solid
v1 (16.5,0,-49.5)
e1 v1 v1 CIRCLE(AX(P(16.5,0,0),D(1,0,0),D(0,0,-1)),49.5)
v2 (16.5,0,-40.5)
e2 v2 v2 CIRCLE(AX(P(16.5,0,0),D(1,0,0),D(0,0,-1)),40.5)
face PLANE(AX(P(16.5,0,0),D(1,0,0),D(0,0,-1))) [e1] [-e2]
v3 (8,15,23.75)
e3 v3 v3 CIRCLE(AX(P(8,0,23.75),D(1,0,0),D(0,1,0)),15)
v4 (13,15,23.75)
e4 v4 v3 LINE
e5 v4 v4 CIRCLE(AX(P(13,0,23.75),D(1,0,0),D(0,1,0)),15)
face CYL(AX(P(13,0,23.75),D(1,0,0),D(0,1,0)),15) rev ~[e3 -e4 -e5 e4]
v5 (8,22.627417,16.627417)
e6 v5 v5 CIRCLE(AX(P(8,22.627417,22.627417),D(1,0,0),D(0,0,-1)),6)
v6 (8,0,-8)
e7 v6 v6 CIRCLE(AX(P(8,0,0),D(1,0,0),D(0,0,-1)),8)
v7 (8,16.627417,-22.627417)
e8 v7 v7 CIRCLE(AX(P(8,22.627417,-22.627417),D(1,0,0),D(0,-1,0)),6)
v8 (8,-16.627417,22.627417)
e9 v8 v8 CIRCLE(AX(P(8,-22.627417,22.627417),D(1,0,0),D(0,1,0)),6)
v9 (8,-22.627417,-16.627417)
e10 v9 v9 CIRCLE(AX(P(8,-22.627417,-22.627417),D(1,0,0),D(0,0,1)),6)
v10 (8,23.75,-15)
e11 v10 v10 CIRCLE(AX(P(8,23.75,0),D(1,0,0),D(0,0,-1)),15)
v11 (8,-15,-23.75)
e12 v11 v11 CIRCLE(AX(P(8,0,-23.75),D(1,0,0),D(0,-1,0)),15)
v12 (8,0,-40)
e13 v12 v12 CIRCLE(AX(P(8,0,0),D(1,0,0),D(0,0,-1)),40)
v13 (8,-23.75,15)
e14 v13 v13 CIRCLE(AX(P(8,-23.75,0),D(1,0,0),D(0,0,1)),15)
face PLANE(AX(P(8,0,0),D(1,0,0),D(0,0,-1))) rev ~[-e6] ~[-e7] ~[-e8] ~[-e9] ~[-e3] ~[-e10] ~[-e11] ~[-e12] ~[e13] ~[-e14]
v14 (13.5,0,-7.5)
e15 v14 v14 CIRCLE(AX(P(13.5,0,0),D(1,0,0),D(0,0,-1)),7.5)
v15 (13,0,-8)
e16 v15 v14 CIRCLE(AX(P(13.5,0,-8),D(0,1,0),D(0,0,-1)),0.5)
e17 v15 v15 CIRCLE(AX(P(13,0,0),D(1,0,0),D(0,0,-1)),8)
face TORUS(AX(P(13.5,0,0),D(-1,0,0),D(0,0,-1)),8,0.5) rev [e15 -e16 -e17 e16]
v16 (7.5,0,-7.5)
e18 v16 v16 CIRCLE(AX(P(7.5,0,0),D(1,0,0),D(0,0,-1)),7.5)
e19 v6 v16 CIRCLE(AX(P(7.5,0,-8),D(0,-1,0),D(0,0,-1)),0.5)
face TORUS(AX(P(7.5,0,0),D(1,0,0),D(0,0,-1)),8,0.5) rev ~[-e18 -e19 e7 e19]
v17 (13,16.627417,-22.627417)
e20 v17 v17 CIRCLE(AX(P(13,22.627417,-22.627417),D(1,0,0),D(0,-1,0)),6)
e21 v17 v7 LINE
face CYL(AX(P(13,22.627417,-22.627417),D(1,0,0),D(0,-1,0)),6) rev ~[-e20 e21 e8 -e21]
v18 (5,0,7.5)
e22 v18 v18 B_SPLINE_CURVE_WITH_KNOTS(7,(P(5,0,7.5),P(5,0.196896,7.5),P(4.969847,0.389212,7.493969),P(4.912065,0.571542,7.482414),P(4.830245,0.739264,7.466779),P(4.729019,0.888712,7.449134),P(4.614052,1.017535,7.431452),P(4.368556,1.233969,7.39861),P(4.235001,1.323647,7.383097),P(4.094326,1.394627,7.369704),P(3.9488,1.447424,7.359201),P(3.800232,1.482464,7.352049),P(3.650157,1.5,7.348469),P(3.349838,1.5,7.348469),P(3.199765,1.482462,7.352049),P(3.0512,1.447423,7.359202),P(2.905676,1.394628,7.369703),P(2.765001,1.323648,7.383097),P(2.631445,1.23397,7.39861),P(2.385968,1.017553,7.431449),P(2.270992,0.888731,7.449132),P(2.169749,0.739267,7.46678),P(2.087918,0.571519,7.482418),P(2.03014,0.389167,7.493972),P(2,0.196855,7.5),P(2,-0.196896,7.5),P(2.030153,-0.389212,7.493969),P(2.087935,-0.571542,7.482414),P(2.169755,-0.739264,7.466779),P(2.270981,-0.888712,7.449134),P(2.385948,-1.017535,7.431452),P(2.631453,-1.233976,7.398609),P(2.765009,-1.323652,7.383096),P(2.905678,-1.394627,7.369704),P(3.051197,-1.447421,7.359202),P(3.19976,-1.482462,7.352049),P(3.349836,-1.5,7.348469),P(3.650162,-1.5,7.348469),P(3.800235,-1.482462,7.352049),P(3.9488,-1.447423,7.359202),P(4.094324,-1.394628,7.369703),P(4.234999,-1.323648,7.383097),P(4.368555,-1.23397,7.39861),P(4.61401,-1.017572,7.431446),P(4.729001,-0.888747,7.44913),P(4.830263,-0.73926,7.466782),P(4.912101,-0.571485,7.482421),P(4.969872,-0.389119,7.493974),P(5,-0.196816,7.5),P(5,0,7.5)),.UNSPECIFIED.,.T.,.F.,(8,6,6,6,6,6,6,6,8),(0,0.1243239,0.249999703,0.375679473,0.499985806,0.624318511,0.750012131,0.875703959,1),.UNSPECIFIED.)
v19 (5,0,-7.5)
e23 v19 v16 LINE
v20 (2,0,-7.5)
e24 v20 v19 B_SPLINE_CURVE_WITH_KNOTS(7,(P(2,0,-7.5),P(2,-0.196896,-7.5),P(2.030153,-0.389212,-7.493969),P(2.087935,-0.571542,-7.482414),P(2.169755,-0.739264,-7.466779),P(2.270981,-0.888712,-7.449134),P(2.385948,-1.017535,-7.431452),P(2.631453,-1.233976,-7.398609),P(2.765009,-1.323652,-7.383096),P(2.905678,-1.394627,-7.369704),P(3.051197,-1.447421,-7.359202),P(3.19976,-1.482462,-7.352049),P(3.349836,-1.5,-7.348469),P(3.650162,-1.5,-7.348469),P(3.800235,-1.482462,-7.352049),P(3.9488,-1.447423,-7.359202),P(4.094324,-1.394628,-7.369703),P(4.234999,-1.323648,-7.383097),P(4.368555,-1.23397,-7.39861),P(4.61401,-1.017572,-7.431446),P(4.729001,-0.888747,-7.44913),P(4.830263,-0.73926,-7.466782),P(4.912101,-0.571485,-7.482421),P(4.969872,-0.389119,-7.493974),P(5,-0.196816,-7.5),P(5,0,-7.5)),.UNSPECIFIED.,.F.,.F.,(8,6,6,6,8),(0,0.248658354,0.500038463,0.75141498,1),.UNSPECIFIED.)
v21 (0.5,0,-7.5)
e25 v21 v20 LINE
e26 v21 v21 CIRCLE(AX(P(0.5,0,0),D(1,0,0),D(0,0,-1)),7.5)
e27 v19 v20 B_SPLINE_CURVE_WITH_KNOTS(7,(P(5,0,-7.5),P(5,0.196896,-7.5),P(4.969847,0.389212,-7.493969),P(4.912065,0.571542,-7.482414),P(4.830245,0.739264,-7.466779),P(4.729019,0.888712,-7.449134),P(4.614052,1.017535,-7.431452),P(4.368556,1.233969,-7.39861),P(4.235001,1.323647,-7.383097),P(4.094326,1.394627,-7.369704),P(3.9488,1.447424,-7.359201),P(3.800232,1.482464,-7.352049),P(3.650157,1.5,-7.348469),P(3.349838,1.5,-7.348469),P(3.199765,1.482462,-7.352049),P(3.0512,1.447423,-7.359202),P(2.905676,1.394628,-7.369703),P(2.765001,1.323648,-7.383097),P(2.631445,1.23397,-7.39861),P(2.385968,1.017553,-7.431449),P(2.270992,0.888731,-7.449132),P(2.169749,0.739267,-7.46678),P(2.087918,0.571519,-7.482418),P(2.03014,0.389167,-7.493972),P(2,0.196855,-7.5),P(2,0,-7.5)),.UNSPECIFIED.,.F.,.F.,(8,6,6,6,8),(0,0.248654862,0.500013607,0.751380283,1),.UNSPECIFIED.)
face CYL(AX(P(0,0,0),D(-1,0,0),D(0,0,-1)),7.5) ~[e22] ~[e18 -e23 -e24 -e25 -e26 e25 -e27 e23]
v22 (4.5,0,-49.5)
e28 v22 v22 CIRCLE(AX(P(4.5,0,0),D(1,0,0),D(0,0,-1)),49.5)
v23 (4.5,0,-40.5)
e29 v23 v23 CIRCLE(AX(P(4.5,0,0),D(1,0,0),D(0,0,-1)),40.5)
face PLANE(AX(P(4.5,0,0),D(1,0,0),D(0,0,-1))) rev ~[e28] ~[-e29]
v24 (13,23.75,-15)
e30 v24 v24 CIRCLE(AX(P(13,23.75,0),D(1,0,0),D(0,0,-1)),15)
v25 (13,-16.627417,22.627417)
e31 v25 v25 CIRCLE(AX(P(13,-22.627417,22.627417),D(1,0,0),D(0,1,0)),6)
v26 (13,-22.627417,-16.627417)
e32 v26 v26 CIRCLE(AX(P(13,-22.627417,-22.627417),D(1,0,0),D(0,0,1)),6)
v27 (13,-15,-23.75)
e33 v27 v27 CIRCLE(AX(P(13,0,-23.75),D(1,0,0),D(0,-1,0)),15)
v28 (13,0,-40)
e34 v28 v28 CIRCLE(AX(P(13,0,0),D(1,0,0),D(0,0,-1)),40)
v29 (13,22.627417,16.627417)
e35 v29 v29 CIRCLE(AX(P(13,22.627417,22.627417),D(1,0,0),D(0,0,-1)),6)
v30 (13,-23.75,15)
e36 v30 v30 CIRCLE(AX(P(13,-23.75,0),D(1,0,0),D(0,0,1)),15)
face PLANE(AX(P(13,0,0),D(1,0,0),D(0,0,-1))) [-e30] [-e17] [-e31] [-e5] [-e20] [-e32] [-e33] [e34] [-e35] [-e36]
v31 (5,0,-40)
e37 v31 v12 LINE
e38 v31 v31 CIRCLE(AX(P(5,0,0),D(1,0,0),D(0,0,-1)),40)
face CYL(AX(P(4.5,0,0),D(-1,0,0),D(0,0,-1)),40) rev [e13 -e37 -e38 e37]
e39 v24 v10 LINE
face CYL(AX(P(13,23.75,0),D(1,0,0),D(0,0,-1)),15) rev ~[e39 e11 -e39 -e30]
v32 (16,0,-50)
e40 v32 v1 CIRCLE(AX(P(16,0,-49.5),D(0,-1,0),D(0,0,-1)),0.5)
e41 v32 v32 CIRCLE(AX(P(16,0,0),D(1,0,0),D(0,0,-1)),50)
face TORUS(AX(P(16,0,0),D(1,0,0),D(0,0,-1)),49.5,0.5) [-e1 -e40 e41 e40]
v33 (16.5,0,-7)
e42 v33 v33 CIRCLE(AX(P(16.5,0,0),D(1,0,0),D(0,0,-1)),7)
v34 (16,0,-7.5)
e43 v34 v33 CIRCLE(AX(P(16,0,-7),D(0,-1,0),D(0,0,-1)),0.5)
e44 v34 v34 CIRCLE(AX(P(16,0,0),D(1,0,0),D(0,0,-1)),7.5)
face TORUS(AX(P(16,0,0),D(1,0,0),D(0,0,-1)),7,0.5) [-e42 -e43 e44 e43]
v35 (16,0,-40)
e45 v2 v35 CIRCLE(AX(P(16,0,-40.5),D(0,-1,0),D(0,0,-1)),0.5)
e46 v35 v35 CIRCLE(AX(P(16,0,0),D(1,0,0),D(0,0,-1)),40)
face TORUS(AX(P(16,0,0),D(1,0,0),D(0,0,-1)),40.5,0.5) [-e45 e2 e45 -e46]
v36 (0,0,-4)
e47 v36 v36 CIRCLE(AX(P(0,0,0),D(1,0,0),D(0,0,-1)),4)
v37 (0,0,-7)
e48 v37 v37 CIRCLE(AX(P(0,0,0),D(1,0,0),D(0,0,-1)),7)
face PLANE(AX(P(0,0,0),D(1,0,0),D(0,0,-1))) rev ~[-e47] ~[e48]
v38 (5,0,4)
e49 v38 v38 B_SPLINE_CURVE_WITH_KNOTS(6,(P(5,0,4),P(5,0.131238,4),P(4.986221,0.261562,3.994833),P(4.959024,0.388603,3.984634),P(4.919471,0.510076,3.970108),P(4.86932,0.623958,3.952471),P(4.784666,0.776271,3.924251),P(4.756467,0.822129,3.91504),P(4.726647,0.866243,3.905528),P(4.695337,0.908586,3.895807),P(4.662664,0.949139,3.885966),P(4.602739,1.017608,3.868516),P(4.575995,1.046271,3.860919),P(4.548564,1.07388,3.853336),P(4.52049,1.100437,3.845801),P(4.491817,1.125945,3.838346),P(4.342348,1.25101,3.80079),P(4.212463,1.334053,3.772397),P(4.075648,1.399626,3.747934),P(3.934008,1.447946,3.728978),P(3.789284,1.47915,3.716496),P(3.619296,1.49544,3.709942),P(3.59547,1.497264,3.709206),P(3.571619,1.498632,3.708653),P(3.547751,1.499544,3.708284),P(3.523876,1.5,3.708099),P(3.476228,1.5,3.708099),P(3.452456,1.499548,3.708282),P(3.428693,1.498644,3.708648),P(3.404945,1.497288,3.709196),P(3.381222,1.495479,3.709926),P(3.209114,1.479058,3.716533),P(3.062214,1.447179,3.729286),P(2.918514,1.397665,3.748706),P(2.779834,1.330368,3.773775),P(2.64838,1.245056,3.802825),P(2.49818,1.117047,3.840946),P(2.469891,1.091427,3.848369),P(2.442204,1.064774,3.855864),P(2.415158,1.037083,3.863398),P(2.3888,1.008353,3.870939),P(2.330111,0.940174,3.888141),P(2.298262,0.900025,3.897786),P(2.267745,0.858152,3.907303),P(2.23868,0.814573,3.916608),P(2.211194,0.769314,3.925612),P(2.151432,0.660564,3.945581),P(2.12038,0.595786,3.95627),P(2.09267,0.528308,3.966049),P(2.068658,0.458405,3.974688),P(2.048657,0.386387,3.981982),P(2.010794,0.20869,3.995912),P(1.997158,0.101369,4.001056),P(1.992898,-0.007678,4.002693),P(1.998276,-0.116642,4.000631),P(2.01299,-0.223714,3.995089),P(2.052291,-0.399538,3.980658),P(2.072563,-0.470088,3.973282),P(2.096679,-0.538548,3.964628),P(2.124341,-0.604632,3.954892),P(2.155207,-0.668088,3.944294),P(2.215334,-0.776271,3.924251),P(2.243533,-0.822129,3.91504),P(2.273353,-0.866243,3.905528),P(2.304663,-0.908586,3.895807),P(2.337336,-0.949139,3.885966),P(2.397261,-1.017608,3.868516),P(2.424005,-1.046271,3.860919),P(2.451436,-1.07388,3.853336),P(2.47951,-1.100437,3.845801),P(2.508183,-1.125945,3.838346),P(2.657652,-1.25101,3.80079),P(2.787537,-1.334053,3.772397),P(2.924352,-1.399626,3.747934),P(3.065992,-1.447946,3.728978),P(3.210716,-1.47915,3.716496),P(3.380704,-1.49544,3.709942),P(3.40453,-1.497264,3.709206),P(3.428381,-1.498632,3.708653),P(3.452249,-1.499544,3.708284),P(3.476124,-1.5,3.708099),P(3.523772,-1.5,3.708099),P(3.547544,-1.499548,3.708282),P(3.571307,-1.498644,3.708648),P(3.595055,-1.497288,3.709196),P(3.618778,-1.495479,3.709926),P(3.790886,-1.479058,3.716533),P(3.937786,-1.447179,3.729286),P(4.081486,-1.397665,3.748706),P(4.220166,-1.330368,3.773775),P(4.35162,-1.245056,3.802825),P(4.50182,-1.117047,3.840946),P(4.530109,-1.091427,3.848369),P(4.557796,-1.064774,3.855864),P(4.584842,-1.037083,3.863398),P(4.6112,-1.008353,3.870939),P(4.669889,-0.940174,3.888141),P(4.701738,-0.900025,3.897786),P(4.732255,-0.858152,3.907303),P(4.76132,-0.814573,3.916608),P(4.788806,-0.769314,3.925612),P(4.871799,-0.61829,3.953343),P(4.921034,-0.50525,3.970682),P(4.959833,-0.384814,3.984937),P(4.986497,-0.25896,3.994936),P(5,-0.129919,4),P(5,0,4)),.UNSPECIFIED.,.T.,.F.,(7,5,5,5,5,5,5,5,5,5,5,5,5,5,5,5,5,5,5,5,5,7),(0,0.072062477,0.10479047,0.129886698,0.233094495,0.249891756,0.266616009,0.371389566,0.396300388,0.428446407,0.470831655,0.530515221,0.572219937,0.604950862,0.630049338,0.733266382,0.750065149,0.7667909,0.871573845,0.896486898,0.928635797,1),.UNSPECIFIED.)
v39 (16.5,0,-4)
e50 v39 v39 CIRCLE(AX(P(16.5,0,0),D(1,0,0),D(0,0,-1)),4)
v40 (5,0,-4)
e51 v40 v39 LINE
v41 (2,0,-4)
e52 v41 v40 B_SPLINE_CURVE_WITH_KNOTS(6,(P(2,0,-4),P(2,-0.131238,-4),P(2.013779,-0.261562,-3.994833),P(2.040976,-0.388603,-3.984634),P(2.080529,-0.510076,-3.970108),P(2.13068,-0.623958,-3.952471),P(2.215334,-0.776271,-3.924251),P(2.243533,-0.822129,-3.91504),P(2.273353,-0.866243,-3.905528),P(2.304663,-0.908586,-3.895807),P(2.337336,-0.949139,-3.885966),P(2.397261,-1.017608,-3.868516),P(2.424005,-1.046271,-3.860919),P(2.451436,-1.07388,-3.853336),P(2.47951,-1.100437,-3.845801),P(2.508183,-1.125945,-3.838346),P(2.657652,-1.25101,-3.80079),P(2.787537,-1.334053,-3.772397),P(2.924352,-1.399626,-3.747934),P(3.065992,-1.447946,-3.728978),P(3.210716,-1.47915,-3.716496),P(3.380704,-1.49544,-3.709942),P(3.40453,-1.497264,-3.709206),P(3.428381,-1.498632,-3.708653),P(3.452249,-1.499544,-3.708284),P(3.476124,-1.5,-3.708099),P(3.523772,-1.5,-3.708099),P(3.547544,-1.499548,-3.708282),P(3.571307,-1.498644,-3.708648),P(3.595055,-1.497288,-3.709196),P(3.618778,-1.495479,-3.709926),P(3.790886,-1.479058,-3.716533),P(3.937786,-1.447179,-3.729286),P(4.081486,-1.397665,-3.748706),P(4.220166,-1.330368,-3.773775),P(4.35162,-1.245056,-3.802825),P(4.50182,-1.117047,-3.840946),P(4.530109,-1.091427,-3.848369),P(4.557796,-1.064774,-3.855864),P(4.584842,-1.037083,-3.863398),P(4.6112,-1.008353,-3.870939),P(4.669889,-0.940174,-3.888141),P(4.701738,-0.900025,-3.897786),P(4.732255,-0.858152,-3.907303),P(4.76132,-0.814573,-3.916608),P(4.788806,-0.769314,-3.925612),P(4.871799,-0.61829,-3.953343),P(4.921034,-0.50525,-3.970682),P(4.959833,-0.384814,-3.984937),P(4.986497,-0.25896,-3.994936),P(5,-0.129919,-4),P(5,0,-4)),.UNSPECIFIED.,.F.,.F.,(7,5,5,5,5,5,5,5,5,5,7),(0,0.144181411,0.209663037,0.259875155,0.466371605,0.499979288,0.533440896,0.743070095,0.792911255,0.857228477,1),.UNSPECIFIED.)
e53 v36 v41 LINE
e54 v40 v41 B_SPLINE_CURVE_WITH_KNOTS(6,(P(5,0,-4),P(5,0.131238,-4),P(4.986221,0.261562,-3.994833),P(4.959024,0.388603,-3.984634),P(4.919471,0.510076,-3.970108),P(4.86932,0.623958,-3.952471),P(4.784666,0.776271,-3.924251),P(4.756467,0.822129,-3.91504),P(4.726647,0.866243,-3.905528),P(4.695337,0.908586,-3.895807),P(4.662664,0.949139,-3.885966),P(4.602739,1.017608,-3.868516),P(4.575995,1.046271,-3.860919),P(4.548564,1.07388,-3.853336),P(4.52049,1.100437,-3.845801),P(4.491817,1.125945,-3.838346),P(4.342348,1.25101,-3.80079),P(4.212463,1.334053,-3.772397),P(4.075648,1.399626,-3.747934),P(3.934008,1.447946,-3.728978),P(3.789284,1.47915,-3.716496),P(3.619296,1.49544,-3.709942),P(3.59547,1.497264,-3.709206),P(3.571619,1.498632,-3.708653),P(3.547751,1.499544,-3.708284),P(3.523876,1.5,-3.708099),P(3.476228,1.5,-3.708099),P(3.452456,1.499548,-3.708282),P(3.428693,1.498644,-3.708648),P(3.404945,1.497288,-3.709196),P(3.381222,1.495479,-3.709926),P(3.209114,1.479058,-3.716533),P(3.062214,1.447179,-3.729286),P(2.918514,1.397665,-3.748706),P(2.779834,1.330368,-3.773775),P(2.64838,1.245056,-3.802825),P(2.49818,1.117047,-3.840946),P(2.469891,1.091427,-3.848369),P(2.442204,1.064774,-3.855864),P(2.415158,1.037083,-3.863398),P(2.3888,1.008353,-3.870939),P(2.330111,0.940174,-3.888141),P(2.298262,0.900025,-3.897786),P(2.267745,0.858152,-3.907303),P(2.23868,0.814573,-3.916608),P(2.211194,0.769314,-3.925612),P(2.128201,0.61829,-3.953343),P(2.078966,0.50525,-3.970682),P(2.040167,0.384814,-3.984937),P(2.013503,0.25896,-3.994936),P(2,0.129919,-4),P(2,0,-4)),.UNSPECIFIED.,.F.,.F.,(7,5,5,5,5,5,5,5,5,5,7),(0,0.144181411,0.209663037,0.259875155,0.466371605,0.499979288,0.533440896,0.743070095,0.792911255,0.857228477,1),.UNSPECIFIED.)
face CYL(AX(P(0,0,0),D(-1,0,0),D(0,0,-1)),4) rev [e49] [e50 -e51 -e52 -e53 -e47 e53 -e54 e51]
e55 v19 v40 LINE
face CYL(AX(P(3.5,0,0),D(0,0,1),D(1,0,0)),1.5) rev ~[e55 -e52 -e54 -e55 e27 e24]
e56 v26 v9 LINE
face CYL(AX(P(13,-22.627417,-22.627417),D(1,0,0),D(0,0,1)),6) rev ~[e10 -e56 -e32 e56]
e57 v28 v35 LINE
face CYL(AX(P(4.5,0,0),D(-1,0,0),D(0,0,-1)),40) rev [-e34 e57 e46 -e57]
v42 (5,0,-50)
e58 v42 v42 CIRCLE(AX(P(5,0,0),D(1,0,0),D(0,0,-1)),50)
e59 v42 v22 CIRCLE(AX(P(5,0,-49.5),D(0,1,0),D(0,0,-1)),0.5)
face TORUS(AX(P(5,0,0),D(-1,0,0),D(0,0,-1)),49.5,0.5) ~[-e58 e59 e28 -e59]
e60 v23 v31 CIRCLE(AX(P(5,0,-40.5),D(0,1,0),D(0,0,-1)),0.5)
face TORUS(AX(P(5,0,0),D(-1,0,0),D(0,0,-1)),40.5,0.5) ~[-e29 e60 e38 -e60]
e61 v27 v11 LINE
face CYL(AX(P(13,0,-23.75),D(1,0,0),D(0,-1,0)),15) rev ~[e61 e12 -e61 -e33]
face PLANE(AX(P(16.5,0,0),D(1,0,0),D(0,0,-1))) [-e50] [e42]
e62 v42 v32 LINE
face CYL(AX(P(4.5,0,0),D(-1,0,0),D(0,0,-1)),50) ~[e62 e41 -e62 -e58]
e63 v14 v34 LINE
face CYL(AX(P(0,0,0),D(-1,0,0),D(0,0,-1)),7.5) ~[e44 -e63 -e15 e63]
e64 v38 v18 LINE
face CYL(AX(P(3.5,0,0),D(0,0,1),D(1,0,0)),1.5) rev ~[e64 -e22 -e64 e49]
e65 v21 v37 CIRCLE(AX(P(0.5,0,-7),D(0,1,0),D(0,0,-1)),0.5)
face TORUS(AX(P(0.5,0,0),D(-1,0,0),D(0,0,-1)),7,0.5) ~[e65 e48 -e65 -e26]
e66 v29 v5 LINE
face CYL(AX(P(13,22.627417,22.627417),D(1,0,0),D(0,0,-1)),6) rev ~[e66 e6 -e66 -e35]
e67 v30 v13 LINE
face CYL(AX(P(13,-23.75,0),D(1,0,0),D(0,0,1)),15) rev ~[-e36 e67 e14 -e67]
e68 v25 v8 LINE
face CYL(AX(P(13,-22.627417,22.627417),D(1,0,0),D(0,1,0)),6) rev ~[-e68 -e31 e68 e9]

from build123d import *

# Parameters (mm, degrees)
SKETCH1_R           = 7.5
SKETCH1_R_2         = 4
BOSS_EXTRUDE1_DEPTH = 16.5
BOSS_EXTRUDE2_START = -8.5
SKETCH2_R           = 40
SKETCH2_R_2         = 7.5
BOSS_EXTRUDE2_DEPTH = 5
BOSS_EXTRUDE3_START = -12
SKETCH3_R           = 50
SKETCH3_R_2         = 40
BOSS_EXTRUDE3_DEPTH = 12
CUT_EXTRUDE1_REACH  = 73.896
SKETCH4_R           = 15
SKETCH4_R_2         = 6
CIRPATTERN1_COUNT   = 4
SKETCH5_R           = 1.5
CUT_EXTRUDE2_DEPTH  = 21
FILLET1_R           = 0.5


with BuildPart() as part:
    # Sketch1 → Boss-Extrude1 (new body)
    with BuildSketch(Plane(origin=(0, 0, 0), x_dir=(0, 0, -1), z_dir=(1, 0, 0))):
        Circle(SKETCH1_R)
        Circle(SKETCH1_R_2, mode=Mode.SUBTRACT)
    extrude(amount=BOSS_EXTRUDE1_DEPTH)

    # Sketch2 → Boss-Extrude2 (add)
    with BuildSketch(Plane(origin=(16.5, 0, 0), x_dir=(0, 0, -1), z_dir=(1, 0, 0)).offset(BOSS_EXTRUDE2_START)):
        Circle(SKETCH2_R)
        Circle(SKETCH2_R_2, mode=Mode.SUBTRACT)
    extrude(amount=BOSS_EXTRUDE2_DEPTH)

    # Sketch3 → Boss-Extrude3 (add)
    with BuildSketch(Plane(origin=(16.5, 0, 0), x_dir=(0, 0, -1), z_dir=(1, 0, 0)).offset(BOSS_EXTRUDE3_START)):
        Circle(SKETCH3_R)
        Circle(SKETCH3_R_2, mode=Mode.SUBTRACT)
    extrude(amount=BOSS_EXTRUDE3_DEPTH)

    # Sketch4 → Cut-Extrude1 (cut, up to next)
    with BuildSketch(Plane(origin=(13, 0, 0), x_dir=(0, 0, -1), z_dir=(1, 0, 0)), mode=Mode.PRIVATE) as cut_extrude1_sk1:
        with Locations((0, 23.75)):
            Circle(SKETCH4_R)
    cut_extrude1_tool1 = extrude(cut_extrude1_sk1.sketch, amount=-CUT_EXTRUDE1_REACH, mode=Mode.PRIVATE) & part.part
    # Sketch4 → Cut-Extrude1 (cut, up to next)
    with BuildSketch(Plane(origin=(13, 0, 0), x_dir=(0, 0, -1), z_dir=(1, 0, 0)), mode=Mode.PRIVATE) as cut_extrude1_sk2:
        with Locations((-22.627416998, 22.627416998)):
            Circle(SKETCH4_R_2)
    cut_extrude1_tool2 = extrude(cut_extrude1_sk2.sketch, amount=-CUT_EXTRUDE1_REACH, mode=Mode.PRIVATE) & part.part
    cut_extrude1_1 = cut_extrude1_tool1.solids().sort_by_distance((13, 23.75, 0))[0]
    add(cut_extrude1_1, mode=Mode.SUBTRACT)
    cut_extrude1_2 = cut_extrude1_tool2.solids().sort_by_distance((13, 22.627417, 22.627417))[0]
    add(cut_extrude1_2, mode=Mode.SUBTRACT)
    cut_extrude1 = cut_extrude1_1 + cut_extrude1_2  # Cut-Extrude1 as one shape, for the pattern or mirror that repeats it

    # CirPattern1: Cut-Extrude1 ×4 about axis
    cirpattern1_axis = Axis((0, 0, 0), (1, 0, 0))
    for i in range(1, CIRPATTERN1_COUNT):
        add(cut_extrude1.rotate(cirpattern1_axis, i * 360 / CIRPATTERN1_COUNT), mode=Mode.SUBTRACT)

    # Sketch5 → Cut-Extrude2 (cut, symmetric)
    with BuildSketch(Plane.XY):
        with Locations((3.5, 0)):
            Circle(SKETCH5_R)
    extrude(amount=CUT_EXTRUDE2_DEPTH, both=True, mode=Mode.SUBTRACT)

    # Fillet1
    fillet1_edges = [part.edges().sort_by_distance(p)[0] for p in [
        (8, 0, 7.5),
        (13, 0, 7.5),
        (4.5, 0, 50),
        (4.5, 0, 40),
        (16.5, 0, 50),
        (16.5, 0, 40),
        (0, 0, 7.5),
        (16.5, 0, 7.5),
    ]]
    fillet(fillet1_edges, radius=FILLET1_R)


solid = part.part
